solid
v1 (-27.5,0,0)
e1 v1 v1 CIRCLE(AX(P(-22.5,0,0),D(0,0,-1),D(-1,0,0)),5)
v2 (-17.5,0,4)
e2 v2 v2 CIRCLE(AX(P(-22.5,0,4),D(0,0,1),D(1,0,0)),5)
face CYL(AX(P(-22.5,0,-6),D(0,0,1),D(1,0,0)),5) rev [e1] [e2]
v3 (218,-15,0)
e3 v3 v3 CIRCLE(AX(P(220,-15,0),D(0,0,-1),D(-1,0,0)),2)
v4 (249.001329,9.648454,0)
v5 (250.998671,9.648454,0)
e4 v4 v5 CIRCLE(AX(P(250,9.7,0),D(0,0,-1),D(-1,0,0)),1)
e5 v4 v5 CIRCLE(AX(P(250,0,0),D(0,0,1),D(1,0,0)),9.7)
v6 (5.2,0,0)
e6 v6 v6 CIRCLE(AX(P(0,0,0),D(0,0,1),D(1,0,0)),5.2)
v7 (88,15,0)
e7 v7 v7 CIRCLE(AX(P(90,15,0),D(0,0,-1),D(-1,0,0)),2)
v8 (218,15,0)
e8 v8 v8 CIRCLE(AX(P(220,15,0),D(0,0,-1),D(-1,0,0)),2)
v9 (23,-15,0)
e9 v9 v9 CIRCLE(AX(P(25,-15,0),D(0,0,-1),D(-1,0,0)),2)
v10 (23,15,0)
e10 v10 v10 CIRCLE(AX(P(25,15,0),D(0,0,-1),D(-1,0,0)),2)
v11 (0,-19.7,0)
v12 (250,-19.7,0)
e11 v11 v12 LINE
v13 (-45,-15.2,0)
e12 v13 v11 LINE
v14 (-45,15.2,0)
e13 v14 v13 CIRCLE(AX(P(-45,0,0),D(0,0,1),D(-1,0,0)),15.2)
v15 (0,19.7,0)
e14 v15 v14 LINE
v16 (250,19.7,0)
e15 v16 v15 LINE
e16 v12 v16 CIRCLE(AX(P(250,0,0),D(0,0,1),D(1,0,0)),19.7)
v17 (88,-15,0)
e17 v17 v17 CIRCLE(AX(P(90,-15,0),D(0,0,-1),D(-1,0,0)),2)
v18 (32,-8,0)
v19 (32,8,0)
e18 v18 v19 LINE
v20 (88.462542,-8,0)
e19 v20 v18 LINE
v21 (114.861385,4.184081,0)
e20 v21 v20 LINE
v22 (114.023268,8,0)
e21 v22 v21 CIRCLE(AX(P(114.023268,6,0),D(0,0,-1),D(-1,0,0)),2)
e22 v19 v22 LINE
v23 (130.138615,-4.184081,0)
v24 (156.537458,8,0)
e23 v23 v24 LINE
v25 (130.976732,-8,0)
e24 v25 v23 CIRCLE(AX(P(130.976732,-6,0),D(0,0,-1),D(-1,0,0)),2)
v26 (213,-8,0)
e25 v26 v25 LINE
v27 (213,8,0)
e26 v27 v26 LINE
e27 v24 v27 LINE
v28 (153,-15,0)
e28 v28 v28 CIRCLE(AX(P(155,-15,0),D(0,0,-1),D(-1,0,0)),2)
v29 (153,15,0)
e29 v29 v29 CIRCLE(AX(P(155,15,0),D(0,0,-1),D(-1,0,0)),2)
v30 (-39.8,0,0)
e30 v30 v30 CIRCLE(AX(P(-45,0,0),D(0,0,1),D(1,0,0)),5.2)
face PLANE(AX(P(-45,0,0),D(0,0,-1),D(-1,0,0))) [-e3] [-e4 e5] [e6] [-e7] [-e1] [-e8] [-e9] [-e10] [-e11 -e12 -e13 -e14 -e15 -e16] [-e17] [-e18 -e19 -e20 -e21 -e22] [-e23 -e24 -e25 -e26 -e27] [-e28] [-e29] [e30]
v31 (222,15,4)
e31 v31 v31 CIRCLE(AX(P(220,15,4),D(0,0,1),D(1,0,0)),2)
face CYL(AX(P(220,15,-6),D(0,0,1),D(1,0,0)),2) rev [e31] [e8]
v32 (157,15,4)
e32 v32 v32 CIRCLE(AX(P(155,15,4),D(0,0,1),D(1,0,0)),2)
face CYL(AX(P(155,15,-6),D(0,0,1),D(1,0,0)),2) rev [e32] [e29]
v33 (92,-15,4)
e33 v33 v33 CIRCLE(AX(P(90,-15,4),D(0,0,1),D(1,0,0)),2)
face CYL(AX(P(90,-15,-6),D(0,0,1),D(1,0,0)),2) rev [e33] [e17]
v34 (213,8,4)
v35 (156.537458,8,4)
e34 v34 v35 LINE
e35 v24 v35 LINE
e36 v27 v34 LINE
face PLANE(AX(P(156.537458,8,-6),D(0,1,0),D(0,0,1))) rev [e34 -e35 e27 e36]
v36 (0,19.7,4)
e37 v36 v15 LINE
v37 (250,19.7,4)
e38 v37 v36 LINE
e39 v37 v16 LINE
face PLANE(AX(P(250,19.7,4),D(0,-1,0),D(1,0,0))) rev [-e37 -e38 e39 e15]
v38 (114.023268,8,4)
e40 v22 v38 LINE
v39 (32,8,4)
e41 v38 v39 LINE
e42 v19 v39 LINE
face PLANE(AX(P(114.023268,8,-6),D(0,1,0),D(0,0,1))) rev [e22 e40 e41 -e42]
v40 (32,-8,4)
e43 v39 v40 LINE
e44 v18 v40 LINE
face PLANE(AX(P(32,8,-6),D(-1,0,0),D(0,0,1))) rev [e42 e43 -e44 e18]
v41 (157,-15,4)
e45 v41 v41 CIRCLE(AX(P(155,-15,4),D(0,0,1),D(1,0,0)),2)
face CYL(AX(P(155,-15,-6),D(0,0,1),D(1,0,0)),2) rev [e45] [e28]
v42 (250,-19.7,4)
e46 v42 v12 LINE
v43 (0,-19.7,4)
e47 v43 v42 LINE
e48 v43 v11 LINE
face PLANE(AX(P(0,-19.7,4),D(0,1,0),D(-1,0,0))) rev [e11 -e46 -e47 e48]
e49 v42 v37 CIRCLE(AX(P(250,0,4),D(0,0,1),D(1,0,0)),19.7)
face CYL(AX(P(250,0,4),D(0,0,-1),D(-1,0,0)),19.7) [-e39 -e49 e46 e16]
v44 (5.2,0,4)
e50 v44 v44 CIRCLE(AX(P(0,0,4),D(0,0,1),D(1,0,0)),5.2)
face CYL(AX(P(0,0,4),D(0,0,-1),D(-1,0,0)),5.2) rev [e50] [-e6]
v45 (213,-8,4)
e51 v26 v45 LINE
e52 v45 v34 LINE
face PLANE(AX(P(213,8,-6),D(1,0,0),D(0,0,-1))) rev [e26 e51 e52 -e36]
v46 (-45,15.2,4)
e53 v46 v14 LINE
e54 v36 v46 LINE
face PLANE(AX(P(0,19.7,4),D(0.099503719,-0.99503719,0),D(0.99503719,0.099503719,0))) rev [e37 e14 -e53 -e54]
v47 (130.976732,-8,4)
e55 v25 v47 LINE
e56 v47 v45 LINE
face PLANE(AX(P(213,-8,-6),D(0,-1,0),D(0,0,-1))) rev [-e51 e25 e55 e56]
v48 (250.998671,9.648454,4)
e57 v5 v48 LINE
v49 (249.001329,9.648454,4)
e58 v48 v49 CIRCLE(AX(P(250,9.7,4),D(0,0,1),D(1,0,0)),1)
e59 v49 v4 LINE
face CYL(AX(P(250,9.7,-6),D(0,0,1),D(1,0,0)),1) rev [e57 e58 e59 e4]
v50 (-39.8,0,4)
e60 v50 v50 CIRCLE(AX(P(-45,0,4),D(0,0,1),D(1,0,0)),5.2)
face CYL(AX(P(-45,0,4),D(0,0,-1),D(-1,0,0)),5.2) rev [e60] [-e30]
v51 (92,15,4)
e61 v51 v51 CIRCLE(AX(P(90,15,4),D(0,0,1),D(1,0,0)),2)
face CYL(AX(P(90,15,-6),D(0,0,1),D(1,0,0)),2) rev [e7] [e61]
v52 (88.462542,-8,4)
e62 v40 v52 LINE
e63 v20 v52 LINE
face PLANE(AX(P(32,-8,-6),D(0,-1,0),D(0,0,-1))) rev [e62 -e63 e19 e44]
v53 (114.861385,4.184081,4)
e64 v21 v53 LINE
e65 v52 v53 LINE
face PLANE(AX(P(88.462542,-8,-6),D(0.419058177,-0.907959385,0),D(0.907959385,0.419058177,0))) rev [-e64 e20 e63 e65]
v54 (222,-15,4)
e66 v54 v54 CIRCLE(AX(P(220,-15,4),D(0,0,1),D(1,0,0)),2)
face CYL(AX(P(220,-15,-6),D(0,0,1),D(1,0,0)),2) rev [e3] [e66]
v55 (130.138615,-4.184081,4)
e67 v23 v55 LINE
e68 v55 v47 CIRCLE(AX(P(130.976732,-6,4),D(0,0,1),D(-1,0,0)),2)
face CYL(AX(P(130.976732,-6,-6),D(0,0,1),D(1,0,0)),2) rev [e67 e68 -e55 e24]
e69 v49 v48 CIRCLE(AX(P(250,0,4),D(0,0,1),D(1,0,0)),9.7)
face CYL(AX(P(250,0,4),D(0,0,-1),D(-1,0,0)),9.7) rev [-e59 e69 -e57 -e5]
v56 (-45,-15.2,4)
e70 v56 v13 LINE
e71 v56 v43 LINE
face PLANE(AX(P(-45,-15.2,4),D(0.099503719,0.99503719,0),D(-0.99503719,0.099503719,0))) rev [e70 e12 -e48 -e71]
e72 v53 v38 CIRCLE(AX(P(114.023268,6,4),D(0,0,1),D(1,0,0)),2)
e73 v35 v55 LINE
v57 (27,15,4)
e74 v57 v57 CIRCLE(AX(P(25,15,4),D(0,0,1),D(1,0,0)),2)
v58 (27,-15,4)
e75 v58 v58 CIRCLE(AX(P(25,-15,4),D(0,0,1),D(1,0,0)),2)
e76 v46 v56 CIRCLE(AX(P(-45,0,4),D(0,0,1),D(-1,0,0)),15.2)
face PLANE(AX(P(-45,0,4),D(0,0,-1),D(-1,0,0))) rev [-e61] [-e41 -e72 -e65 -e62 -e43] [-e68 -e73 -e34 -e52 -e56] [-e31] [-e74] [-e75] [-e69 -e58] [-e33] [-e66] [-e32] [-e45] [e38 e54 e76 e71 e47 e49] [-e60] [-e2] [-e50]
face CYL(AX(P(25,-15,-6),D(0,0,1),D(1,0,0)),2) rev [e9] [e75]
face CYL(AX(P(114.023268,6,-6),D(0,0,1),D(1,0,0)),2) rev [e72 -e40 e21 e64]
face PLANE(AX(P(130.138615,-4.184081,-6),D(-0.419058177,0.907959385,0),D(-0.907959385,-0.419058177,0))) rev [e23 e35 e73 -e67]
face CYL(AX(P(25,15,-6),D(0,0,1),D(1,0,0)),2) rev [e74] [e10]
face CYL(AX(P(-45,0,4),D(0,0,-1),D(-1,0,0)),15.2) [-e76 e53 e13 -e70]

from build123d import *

# Parameters (mm, degrees)
SKETCH_1_R          = 5.2
SKETCH_1_R_2        = 9.7
EXTRUDE_1_DEPTH     = 4
SKETCH_2_R          = 2
CUT_EXTRUDE_1_DEPTH = 10
SKETCH_3_R          = 5
CUT_EXTRUDE_2_DEPTH = 10
SKETCH_4_R          = 1
CUT_EXTRUDE_3_DEPTH = 10


with BuildPart() as part:
    # 草图1 → 凸台-拉伸1 (new body)
    with BuildSketch(Plane.XY):
        with BuildLine():
            Line((250, 19.7), (0, 19.7))
            Line((0, 19.7), (-45, 15.2))
            ThreePointArc((-45, 15.2), (-60.2, 0), (-45, -15.2))
            Line((-45, -15.2), (0, -19.7))
            Line((0, -19.7), (250, -19.7))
            ThreePointArc((250, -19.7), (269.7, 0), (250, 19.7))
        make_face()
        Circle(SKETCH_1_R, mode=Mode.SUBTRACT)
        with Locations((250, 0)):
            Circle(SKETCH_1_R_2, mode=Mode.SUBTRACT)
        with Locations((-45, 0)):
            Circle(SKETCH_1_R, mode=Mode.SUBTRACT)
    extrude(amount=EXTRUDE_1_DEPTH)

    # 草图2 → 切除-拉伸1 (cut)
    with BuildSketch(Plane.XY.offset(4)):
        with Locations((25, 15)):
            Circle(SKETCH_2_R)
        with Locations((90, 15)):
            Circle(SKETCH_2_R)
        with Locations((155, 15)):
            Circle(SKETCH_2_R)
        with Locations((220, 15)):
            Circle(SKETCH_2_R)
        with Locations((90, -15)):
            Circle(SKETCH_2_R)
        with Locations((155, -15)):
            Circle(SKETCH_2_R)
        with Locations((220, -15)):
            Circle(SKETCH_2_R)
        with Locations((25, -15)):
            Circle(SKETCH_2_R)
    extrude(amount=-CUT_EXTRUDE_1_DEPTH, mode=Mode.SUBTRACT)

    # 草图3 → 切除-拉伸2 (cut)
    with BuildSketch(Plane.XY.offset(4)):
        with Locations((-22.5, 0)):
            Circle(SKETCH_3_R)
        with BuildLine():
            Line((32, 8), (32, -8))
            Line((32, -8), (88.462542093, -8))
            Line((88.462542093, -8), (114.86138476, 4.184081231))
            ThreePointArc((114.86138476, 4.184081231), (115.976706085, 6.429046887), (114.023268405, 8))
            Line((114.023268405, 8), (32, 8))
        make_face()
        with BuildLine():
            Line((156.537457907, 8), (213, 8))
            Line((213, 8), (213, -8))
            Line((213, -8), (130.976731595, -8))
            ThreePointArc((130.976731595, -8), (129.023293915, -6.429046887), (130.13861524, -4.184081231))
            Line((130.13861524, -4.184081231), (156.537457907, 8))
        make_face()
    extrude(amount=-CUT_EXTRUDE_2_DEPTH, mode=Mode.SUBTRACT)

    # 草图4 → 切除-拉伸3 (cut)
    with BuildSketch(Plane.XY.offset(4)):
        with Locations((250, 9.7)):
            Circle(SKETCH_4_R)
    extrude(amount=-CUT_EXTRUDE_3_DEPTH, mode=Mode.SUBTRACT)


solid = part.part
